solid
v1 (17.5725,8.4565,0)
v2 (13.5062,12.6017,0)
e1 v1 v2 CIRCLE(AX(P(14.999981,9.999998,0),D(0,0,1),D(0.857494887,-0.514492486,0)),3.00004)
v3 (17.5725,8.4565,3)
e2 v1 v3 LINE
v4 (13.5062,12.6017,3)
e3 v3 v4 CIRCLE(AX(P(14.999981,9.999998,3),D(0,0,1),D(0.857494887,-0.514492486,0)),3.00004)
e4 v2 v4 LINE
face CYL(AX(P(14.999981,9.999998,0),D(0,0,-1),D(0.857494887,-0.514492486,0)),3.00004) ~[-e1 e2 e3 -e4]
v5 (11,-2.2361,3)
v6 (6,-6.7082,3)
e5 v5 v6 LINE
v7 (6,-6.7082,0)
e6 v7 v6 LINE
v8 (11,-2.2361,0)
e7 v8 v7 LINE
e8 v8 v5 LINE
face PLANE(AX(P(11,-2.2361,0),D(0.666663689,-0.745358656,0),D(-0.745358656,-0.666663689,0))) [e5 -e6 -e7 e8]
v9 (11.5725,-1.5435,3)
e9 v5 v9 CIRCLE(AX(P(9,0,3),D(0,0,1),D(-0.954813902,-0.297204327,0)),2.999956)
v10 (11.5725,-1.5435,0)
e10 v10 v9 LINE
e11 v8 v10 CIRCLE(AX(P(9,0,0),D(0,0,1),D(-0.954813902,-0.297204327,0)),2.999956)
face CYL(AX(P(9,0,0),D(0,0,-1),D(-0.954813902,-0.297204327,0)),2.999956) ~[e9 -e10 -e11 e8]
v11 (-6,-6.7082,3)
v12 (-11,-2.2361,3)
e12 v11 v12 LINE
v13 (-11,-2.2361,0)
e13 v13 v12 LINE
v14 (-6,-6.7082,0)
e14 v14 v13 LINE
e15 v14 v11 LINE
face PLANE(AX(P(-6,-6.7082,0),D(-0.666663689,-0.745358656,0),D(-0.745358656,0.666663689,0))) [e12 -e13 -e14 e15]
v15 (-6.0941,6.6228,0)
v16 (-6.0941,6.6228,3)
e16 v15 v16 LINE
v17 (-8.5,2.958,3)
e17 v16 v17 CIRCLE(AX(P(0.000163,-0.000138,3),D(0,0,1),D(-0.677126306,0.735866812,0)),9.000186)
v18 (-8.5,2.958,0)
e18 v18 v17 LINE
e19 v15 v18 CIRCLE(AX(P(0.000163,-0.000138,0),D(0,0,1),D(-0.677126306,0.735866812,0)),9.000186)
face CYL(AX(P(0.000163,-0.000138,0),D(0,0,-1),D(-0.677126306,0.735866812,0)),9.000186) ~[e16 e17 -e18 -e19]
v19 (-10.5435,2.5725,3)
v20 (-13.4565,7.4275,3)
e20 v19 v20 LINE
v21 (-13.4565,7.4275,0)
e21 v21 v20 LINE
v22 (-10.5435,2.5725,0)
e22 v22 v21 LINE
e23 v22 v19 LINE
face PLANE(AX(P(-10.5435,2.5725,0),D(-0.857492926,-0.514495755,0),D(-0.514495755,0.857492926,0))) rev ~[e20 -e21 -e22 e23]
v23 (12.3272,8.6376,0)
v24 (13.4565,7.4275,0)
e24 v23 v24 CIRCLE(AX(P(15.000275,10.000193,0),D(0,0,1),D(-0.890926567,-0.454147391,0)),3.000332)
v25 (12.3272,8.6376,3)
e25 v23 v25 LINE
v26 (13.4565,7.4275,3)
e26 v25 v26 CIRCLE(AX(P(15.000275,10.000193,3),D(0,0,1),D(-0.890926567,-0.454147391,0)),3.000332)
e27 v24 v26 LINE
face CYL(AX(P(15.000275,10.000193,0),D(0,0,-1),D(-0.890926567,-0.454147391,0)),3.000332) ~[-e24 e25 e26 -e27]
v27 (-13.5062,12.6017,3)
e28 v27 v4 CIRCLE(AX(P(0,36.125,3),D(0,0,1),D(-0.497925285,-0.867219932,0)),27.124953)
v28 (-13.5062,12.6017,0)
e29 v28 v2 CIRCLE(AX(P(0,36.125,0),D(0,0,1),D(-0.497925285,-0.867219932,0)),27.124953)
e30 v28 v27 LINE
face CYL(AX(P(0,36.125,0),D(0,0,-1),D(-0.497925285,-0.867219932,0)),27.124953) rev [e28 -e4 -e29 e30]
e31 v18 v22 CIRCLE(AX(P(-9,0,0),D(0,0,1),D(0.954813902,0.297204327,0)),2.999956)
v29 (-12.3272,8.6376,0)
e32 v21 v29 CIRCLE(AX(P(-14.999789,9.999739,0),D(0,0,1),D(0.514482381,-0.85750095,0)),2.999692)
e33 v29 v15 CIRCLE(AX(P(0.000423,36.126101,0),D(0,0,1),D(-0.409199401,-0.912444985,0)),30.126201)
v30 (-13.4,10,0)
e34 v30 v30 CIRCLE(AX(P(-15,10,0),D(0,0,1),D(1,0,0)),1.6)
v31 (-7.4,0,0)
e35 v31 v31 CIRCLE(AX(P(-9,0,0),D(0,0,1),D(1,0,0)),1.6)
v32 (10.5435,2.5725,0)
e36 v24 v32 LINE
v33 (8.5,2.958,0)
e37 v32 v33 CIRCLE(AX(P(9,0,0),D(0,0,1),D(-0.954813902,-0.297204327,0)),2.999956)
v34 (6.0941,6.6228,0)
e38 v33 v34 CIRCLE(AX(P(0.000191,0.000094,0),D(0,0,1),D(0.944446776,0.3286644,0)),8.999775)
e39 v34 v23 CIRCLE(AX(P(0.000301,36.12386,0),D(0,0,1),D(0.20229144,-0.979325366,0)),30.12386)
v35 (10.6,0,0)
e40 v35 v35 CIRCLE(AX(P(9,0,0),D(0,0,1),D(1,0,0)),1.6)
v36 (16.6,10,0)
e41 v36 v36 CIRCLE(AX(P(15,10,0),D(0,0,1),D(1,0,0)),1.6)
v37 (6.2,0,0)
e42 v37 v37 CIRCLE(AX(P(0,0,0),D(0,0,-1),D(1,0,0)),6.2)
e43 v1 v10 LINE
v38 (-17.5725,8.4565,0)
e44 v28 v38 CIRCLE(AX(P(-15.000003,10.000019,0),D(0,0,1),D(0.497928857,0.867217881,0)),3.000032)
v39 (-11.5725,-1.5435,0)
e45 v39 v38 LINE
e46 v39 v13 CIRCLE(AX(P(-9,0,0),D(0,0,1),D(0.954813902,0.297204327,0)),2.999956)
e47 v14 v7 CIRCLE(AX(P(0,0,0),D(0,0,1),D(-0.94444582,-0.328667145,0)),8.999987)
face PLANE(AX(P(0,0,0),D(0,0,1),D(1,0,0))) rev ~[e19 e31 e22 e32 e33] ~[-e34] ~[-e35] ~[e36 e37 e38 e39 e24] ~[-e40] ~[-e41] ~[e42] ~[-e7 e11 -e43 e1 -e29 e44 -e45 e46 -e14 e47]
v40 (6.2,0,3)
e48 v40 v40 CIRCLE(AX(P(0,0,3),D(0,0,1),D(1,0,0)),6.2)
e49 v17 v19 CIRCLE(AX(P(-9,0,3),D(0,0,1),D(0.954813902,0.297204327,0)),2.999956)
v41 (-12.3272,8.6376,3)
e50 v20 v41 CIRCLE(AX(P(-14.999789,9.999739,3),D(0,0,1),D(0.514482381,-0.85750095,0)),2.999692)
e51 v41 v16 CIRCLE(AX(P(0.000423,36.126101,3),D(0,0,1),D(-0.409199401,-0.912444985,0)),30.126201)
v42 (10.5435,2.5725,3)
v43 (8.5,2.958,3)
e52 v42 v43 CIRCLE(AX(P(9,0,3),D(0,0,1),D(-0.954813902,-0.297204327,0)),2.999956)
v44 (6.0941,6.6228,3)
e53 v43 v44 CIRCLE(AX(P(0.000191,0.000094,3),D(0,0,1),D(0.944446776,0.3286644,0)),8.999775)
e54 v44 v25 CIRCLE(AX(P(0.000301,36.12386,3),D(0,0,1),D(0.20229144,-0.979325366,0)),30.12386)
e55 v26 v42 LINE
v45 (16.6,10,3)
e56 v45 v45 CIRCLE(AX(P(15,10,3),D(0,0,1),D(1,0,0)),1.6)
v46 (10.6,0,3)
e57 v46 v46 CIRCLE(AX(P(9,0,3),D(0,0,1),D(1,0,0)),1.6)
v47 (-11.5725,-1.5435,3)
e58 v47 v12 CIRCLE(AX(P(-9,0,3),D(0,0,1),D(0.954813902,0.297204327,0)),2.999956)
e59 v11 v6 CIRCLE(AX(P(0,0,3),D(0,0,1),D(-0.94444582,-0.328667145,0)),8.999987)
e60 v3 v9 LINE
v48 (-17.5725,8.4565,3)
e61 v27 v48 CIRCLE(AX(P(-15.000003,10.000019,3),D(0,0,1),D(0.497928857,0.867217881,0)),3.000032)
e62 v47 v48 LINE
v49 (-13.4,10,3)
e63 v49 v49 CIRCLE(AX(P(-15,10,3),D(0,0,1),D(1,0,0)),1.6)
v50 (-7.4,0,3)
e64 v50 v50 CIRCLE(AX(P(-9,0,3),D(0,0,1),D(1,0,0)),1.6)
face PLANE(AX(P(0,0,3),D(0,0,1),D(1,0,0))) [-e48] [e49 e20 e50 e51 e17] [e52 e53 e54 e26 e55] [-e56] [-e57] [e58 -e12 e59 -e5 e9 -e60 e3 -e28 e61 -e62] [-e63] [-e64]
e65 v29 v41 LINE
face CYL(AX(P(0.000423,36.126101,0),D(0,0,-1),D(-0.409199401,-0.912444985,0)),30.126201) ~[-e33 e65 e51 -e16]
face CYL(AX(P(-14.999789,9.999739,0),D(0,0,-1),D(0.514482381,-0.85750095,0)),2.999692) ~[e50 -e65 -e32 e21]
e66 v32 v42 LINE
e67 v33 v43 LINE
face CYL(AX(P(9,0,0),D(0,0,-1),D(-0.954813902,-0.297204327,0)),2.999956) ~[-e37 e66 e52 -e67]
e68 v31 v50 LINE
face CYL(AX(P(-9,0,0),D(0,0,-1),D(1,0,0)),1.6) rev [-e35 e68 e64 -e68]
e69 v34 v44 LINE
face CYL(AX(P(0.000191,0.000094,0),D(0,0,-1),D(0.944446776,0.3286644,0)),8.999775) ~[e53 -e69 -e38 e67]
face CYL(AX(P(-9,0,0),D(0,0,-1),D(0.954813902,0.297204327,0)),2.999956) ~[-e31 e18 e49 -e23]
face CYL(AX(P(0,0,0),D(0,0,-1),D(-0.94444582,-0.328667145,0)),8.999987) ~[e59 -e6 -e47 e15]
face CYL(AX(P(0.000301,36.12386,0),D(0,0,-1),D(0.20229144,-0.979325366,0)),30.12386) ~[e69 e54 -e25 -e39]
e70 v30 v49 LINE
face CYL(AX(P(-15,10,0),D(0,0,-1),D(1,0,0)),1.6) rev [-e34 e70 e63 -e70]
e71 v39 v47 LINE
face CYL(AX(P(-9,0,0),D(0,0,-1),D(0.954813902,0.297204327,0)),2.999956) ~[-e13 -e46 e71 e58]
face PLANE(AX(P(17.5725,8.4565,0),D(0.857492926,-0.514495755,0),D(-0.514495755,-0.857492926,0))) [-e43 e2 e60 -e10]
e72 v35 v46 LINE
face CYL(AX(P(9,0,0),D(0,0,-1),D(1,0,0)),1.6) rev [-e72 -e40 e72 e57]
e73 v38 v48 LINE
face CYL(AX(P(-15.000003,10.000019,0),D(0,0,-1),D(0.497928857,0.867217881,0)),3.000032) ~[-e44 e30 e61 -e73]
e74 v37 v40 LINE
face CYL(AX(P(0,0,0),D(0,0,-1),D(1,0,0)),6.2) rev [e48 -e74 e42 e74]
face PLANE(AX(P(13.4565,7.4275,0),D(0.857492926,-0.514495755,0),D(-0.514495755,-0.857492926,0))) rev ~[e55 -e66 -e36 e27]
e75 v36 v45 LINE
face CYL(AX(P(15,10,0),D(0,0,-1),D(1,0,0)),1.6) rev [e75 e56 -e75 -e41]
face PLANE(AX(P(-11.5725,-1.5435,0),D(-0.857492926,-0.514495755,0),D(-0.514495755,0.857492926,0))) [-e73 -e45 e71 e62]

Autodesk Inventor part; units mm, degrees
ref_plane "YZ Plane" through (0, 0, 0) normal (1, 0, 0) x (0, 1, 0)
ref_plane "XZ Plane" through (0, 0, 0) normal (0, 1, 0) x (-1, 0, 0)
ref_plane "XY Plane" through (0, 0, 0) normal (0, 0, 1) x (1, 0, 0)
sketch "スケッチ1" plane through (0, 0, 0) normal (0, 0, 1) x (1, 0, 0)
  circle A0 centre (0, 0) radius 6.2
  line L0 (-9, 0) -> (9, 0) construction
  circle A1 centre (9, 0) radius 1.6
  circle A2 centre (-9, 0) radius 1.6
  line L1 (15, 10) -> (-15, 10) construction
  circle A3 centre (15, 10) radius 1.6
  circle A4 centre (-15, 10) radius 1.6
  arc A5 (-6.1356, 0.8916) -> (-6.1356, -0.8916) centre (-9, 0) ccw
  arc A6 (6.1356, -0.8916) -> (6.1356, 0.8916) centre (9, 0) ccw
  line L2 (17.5725, 8.4565) -> (11.5725, -1.5435)
  line L3 (11, -2.2361) -> (6, -6.7082)
  line L4 (-6, -6.7082) -> (-11, -2.2361)
  line L5 (-11.5725, -1.5435) -> (-17.5725, 8.4565)
  arc A7 (-13.5062, 12.6017) -> (13.5062, 12.6017) centre (0, 36.125) ccw
  arc A8 (-8.5, -2.958) -> (8.5, -2.958) centre (0, 0) ccw
  arc A9 (-12.3272, 8.6376) -> (-6.0941, 6.6228) centre (0, 36.125) ccw
  arc A10 (6.0941, 6.6228) -> (12.3272, 8.6376) centre (0, 36.125) ccw
  line L6 (-10.5435, 2.5725) -> (-13.4565, 7.4275)
  line L7 (13.4565, 7.4275) -> (10.5435, 2.5725)
  arc A11 (8.5, 2.958) -> (6.0941, 6.6228) centre (0, 0) ccw
  arc A12 (-6.0941, 6.6228) -> (-8.5, 2.958) centre (0, 0) ccw
  arc A13 (-13.5062, 12.6017) -> (-17.5725, 8.4565) centre (-15, 10) ccw
  arc A14 (-13.4565, 7.4275) -> (-12.3272, 8.6376) centre (-15, 10) ccw
  arc A15 (17.5725, 8.4565) -> (13.5062, 12.6017) centre (15, 10) ccw
  arc A16 (12.3272, 8.6376) -> (13.4565, 7.4275) centre (15, 10) ccw
  point P0 (0, 10)
  dimension "d0" = 12.4
  dimension "d1" = 18
  dimension "d2" = 3.2
  dimension "d3" = 3.2
  dimension "d4" = 3.2
  dimension "d5" = 3.2
  dimension "d6" = 10
  dimension "d7" = 30
  dimension "d10" = 6
  dimension "d11" = 6
  dimension "d13" = 9
  dimension "d15" = 3
  dimension "d18" = 3
  dimension "d20" = 3
  dimension "d21" = 3
extrude "押し出し1" add sketch "スケッチ1" along normal blind 3 contours A0 A6 | A0 A5 A12 A9 A14 L6 L5 A13 A7 A15 L2 A6 L7 A16 A10 A11 | A6 A8 A5 A0 | A0 A5 | A6 L3 A8 | A8 L4 A5
properties part number "EncoderMount"
